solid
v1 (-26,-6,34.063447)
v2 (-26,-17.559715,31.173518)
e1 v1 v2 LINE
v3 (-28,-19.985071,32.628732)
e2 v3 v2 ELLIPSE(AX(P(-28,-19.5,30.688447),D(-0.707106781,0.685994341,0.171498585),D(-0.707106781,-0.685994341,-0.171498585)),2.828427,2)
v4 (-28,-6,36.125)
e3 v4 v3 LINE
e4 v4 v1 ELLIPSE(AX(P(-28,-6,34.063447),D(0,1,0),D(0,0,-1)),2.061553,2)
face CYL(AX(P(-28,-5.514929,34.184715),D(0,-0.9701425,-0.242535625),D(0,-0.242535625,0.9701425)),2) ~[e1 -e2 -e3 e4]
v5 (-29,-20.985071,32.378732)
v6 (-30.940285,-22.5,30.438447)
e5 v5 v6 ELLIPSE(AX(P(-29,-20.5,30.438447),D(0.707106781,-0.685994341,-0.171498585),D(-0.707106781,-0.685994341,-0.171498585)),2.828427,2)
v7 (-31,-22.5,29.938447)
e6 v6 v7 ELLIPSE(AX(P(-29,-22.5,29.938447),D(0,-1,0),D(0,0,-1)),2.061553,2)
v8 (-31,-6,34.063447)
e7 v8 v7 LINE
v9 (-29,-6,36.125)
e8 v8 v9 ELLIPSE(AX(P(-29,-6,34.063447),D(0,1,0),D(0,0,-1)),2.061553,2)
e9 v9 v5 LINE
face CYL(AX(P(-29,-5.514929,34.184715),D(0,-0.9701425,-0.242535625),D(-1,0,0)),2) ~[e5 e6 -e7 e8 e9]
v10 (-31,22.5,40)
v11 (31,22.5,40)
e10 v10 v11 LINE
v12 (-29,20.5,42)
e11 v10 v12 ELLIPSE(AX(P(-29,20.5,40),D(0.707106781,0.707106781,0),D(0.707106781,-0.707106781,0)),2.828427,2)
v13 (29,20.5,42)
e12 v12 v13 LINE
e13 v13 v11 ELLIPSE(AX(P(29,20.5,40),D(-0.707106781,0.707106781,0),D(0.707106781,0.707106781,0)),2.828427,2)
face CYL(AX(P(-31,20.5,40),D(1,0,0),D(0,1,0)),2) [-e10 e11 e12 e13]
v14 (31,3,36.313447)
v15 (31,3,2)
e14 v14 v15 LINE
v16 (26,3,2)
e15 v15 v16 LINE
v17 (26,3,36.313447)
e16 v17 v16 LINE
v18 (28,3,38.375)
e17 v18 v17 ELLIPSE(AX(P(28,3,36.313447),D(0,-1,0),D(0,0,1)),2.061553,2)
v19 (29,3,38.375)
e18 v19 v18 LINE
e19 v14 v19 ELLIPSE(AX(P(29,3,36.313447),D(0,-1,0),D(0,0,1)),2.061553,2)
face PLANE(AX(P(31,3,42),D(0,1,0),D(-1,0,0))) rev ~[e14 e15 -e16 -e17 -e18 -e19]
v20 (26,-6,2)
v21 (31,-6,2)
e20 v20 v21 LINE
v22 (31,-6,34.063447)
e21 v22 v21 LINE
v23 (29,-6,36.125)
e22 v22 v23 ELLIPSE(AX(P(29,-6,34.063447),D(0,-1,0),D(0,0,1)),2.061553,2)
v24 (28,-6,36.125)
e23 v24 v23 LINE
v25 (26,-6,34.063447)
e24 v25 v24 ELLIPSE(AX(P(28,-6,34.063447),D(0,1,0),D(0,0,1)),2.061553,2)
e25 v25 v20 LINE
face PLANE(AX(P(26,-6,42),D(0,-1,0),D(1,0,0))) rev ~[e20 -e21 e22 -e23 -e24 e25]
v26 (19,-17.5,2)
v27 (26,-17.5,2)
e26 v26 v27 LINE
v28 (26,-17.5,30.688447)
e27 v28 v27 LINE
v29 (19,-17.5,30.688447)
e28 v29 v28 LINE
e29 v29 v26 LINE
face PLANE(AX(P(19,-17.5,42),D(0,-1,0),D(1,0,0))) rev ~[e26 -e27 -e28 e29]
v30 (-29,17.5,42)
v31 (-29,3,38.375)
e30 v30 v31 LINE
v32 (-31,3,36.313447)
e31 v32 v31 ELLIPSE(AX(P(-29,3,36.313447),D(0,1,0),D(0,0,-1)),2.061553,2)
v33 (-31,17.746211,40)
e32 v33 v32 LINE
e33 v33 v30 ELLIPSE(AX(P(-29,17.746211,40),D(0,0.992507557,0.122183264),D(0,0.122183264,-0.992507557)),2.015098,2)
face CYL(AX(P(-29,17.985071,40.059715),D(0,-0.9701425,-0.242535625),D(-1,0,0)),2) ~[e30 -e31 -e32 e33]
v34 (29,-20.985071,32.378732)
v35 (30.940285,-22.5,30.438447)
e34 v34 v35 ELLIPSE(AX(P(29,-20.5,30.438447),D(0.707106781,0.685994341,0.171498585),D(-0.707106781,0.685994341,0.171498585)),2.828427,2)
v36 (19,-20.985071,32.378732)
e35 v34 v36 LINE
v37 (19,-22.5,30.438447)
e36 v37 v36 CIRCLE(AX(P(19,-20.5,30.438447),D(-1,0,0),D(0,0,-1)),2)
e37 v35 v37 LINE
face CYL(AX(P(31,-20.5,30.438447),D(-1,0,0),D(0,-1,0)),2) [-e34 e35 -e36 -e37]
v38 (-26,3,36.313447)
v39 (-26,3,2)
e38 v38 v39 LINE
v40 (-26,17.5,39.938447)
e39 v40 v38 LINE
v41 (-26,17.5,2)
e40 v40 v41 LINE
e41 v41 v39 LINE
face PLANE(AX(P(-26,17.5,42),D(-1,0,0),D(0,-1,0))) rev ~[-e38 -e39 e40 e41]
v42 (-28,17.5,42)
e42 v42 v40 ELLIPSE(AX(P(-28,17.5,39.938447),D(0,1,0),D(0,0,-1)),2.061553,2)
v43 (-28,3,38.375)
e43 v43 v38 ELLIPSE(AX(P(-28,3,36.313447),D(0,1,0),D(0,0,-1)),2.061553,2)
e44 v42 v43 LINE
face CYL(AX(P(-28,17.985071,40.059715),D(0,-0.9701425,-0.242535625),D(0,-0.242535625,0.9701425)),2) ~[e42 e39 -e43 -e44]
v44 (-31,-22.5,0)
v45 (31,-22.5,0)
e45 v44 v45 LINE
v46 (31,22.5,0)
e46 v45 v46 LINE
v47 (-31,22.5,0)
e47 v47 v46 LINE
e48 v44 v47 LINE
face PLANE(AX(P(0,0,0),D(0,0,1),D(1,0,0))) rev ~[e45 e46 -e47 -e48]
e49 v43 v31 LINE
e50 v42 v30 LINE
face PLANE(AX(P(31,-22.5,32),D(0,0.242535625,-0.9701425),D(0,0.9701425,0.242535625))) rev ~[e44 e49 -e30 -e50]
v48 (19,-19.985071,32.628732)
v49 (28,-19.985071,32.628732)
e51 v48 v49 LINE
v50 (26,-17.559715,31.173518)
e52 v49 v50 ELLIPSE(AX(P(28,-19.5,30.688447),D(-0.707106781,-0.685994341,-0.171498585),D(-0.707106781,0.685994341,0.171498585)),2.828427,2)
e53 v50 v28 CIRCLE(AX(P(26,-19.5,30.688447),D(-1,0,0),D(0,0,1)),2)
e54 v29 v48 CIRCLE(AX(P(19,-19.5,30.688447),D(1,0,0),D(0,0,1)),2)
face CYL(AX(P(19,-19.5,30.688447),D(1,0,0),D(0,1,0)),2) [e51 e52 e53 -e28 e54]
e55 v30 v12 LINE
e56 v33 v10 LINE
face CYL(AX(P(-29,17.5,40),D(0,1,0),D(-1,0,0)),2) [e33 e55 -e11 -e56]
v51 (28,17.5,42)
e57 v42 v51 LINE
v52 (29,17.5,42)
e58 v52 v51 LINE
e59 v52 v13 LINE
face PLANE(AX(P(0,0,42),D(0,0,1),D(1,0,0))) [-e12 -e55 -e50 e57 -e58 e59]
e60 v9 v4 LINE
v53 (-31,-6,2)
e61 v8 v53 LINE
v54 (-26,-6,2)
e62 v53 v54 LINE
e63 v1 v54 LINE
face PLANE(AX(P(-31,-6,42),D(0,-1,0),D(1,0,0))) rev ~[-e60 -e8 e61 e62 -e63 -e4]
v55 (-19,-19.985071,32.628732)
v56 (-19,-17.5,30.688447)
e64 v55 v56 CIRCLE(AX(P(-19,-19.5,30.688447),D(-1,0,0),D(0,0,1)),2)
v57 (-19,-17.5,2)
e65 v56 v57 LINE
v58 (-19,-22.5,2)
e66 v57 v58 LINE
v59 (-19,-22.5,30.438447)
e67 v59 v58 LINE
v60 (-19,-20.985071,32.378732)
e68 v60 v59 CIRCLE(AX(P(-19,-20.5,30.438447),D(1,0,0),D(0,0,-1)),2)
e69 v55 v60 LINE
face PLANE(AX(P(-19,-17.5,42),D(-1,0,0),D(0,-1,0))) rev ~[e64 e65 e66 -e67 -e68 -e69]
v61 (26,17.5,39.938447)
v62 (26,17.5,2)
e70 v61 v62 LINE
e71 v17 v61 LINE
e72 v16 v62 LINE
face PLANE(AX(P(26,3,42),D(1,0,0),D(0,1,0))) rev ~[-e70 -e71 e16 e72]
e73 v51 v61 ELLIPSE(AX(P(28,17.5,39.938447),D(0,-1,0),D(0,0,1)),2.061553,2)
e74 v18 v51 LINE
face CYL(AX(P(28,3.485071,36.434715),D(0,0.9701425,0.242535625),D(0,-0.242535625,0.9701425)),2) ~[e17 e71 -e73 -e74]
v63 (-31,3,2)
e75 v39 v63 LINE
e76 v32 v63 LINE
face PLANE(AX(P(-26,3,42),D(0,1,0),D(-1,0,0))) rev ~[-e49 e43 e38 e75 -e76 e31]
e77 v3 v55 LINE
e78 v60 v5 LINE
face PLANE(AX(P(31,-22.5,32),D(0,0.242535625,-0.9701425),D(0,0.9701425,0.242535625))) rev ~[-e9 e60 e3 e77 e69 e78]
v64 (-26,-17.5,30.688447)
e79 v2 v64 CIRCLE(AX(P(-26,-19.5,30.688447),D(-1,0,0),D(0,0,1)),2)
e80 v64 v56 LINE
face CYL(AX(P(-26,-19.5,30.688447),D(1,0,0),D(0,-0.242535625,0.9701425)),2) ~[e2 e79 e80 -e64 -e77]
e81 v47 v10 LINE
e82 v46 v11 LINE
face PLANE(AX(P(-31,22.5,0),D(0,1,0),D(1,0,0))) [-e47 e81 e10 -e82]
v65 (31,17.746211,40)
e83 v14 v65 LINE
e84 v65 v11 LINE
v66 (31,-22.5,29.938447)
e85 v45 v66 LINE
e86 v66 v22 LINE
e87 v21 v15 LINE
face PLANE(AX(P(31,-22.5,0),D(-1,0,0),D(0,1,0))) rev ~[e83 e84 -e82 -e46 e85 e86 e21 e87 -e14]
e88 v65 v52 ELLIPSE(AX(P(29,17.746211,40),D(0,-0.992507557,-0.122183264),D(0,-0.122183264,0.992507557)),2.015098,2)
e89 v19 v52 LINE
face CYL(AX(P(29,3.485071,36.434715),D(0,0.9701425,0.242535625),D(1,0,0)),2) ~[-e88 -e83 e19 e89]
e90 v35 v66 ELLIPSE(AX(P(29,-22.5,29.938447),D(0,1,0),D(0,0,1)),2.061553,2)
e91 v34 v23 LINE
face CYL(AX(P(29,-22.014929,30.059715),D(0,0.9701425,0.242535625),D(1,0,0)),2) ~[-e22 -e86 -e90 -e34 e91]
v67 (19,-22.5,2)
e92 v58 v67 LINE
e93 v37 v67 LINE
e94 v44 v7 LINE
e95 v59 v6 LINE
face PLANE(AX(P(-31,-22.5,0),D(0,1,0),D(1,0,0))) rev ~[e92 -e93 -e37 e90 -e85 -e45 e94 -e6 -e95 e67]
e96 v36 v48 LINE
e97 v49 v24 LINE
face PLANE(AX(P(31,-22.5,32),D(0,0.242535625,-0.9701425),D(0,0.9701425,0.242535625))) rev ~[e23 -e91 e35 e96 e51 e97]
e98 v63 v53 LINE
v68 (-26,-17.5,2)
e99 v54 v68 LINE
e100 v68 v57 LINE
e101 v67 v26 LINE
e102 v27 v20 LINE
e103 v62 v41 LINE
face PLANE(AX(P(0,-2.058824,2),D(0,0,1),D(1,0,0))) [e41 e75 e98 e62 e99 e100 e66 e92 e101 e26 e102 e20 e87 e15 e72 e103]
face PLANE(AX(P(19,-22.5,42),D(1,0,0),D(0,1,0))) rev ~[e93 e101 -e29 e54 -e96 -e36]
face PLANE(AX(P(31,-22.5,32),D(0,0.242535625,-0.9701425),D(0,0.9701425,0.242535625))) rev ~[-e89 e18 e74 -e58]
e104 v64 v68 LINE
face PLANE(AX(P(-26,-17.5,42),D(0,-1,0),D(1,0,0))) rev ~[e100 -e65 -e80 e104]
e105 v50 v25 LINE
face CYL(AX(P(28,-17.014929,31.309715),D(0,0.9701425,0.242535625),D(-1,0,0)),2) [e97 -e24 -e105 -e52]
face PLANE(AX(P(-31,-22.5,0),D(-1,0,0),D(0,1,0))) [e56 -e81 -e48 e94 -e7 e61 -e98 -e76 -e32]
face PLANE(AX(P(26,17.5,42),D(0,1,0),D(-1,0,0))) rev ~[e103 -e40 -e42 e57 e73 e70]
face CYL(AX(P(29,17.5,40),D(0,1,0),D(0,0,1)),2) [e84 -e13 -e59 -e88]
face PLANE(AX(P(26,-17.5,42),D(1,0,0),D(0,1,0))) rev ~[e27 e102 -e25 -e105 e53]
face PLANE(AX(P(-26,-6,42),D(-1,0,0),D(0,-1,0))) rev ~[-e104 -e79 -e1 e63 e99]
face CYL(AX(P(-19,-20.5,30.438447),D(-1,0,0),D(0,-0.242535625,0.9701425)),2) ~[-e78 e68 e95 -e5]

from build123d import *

# Parameters (mm, degrees)
F0_W     = 62
F0_H     = 45
F1_DEPTH = 42
F3_DEPTH = 40
F5_DEPTH = 62.001
F6_R     = 2


with BuildPart() as f1:
    # F0 (on Top) → F1 (new body)
    with BuildSketch(Plane.XY):
        Rectangle(F0_W, F0_H)
    extrude(amount=F1_DEPTH)

    # F2 (on face) → F3 (cut)
    with BuildSketch(Plane.XY.offset(42)):
        Polygon((-19, -17.5), (-19, -22.5), (19, -22.5), (19, -17.5), (26, -17.5), (26, -6), (31, -6), (31, 3), (26, 3), (26, 17.5), (-26, 17.5), (-26, 3), (-31, 3), (-31, -6), (-26, -6), (-26, -17.5), align=None)
    extrude(amount=-F3_DEPTH, mode=Mode.SUBTRACT)

    # F4 (on face) → F5 (cut, through all)
    with BuildSketch(Plane.YZ.offset(31)):
        Polygon((17.5, 42), (-22.5, 42), (-22.5, 32), align=None)
    extrude(amount=-F5_DEPTH, mode=Mode.SUBTRACT)

    # F6
    f6_edges = [f1.edges().sort_by_distance(p)[0] for p in [
        (22.5, -17.5, 33.25),
        (26, -11.75, 34.6875),
        (31, -14.25, 34.0625),
        (25, -22.5, 32),
        (26, 10.25, 40.1875),
        (-26, 10.25, 40.1875),
        (-31, -14.25, 34.0625),
        (-31, 10.25, 40.1875),
        (-26, -11.75, 34.6875),
        (-22.5, -17.5, 33.25),
        (-25, -22.5, 32),
        (31, 10.25, 40.1875),
        (31, 20, 42),
        (0, 22.5, 42),
        (-31, 20, 42),
    ]]
    fillet(f6_edges, radius=F6_R)


solid = f1.part
